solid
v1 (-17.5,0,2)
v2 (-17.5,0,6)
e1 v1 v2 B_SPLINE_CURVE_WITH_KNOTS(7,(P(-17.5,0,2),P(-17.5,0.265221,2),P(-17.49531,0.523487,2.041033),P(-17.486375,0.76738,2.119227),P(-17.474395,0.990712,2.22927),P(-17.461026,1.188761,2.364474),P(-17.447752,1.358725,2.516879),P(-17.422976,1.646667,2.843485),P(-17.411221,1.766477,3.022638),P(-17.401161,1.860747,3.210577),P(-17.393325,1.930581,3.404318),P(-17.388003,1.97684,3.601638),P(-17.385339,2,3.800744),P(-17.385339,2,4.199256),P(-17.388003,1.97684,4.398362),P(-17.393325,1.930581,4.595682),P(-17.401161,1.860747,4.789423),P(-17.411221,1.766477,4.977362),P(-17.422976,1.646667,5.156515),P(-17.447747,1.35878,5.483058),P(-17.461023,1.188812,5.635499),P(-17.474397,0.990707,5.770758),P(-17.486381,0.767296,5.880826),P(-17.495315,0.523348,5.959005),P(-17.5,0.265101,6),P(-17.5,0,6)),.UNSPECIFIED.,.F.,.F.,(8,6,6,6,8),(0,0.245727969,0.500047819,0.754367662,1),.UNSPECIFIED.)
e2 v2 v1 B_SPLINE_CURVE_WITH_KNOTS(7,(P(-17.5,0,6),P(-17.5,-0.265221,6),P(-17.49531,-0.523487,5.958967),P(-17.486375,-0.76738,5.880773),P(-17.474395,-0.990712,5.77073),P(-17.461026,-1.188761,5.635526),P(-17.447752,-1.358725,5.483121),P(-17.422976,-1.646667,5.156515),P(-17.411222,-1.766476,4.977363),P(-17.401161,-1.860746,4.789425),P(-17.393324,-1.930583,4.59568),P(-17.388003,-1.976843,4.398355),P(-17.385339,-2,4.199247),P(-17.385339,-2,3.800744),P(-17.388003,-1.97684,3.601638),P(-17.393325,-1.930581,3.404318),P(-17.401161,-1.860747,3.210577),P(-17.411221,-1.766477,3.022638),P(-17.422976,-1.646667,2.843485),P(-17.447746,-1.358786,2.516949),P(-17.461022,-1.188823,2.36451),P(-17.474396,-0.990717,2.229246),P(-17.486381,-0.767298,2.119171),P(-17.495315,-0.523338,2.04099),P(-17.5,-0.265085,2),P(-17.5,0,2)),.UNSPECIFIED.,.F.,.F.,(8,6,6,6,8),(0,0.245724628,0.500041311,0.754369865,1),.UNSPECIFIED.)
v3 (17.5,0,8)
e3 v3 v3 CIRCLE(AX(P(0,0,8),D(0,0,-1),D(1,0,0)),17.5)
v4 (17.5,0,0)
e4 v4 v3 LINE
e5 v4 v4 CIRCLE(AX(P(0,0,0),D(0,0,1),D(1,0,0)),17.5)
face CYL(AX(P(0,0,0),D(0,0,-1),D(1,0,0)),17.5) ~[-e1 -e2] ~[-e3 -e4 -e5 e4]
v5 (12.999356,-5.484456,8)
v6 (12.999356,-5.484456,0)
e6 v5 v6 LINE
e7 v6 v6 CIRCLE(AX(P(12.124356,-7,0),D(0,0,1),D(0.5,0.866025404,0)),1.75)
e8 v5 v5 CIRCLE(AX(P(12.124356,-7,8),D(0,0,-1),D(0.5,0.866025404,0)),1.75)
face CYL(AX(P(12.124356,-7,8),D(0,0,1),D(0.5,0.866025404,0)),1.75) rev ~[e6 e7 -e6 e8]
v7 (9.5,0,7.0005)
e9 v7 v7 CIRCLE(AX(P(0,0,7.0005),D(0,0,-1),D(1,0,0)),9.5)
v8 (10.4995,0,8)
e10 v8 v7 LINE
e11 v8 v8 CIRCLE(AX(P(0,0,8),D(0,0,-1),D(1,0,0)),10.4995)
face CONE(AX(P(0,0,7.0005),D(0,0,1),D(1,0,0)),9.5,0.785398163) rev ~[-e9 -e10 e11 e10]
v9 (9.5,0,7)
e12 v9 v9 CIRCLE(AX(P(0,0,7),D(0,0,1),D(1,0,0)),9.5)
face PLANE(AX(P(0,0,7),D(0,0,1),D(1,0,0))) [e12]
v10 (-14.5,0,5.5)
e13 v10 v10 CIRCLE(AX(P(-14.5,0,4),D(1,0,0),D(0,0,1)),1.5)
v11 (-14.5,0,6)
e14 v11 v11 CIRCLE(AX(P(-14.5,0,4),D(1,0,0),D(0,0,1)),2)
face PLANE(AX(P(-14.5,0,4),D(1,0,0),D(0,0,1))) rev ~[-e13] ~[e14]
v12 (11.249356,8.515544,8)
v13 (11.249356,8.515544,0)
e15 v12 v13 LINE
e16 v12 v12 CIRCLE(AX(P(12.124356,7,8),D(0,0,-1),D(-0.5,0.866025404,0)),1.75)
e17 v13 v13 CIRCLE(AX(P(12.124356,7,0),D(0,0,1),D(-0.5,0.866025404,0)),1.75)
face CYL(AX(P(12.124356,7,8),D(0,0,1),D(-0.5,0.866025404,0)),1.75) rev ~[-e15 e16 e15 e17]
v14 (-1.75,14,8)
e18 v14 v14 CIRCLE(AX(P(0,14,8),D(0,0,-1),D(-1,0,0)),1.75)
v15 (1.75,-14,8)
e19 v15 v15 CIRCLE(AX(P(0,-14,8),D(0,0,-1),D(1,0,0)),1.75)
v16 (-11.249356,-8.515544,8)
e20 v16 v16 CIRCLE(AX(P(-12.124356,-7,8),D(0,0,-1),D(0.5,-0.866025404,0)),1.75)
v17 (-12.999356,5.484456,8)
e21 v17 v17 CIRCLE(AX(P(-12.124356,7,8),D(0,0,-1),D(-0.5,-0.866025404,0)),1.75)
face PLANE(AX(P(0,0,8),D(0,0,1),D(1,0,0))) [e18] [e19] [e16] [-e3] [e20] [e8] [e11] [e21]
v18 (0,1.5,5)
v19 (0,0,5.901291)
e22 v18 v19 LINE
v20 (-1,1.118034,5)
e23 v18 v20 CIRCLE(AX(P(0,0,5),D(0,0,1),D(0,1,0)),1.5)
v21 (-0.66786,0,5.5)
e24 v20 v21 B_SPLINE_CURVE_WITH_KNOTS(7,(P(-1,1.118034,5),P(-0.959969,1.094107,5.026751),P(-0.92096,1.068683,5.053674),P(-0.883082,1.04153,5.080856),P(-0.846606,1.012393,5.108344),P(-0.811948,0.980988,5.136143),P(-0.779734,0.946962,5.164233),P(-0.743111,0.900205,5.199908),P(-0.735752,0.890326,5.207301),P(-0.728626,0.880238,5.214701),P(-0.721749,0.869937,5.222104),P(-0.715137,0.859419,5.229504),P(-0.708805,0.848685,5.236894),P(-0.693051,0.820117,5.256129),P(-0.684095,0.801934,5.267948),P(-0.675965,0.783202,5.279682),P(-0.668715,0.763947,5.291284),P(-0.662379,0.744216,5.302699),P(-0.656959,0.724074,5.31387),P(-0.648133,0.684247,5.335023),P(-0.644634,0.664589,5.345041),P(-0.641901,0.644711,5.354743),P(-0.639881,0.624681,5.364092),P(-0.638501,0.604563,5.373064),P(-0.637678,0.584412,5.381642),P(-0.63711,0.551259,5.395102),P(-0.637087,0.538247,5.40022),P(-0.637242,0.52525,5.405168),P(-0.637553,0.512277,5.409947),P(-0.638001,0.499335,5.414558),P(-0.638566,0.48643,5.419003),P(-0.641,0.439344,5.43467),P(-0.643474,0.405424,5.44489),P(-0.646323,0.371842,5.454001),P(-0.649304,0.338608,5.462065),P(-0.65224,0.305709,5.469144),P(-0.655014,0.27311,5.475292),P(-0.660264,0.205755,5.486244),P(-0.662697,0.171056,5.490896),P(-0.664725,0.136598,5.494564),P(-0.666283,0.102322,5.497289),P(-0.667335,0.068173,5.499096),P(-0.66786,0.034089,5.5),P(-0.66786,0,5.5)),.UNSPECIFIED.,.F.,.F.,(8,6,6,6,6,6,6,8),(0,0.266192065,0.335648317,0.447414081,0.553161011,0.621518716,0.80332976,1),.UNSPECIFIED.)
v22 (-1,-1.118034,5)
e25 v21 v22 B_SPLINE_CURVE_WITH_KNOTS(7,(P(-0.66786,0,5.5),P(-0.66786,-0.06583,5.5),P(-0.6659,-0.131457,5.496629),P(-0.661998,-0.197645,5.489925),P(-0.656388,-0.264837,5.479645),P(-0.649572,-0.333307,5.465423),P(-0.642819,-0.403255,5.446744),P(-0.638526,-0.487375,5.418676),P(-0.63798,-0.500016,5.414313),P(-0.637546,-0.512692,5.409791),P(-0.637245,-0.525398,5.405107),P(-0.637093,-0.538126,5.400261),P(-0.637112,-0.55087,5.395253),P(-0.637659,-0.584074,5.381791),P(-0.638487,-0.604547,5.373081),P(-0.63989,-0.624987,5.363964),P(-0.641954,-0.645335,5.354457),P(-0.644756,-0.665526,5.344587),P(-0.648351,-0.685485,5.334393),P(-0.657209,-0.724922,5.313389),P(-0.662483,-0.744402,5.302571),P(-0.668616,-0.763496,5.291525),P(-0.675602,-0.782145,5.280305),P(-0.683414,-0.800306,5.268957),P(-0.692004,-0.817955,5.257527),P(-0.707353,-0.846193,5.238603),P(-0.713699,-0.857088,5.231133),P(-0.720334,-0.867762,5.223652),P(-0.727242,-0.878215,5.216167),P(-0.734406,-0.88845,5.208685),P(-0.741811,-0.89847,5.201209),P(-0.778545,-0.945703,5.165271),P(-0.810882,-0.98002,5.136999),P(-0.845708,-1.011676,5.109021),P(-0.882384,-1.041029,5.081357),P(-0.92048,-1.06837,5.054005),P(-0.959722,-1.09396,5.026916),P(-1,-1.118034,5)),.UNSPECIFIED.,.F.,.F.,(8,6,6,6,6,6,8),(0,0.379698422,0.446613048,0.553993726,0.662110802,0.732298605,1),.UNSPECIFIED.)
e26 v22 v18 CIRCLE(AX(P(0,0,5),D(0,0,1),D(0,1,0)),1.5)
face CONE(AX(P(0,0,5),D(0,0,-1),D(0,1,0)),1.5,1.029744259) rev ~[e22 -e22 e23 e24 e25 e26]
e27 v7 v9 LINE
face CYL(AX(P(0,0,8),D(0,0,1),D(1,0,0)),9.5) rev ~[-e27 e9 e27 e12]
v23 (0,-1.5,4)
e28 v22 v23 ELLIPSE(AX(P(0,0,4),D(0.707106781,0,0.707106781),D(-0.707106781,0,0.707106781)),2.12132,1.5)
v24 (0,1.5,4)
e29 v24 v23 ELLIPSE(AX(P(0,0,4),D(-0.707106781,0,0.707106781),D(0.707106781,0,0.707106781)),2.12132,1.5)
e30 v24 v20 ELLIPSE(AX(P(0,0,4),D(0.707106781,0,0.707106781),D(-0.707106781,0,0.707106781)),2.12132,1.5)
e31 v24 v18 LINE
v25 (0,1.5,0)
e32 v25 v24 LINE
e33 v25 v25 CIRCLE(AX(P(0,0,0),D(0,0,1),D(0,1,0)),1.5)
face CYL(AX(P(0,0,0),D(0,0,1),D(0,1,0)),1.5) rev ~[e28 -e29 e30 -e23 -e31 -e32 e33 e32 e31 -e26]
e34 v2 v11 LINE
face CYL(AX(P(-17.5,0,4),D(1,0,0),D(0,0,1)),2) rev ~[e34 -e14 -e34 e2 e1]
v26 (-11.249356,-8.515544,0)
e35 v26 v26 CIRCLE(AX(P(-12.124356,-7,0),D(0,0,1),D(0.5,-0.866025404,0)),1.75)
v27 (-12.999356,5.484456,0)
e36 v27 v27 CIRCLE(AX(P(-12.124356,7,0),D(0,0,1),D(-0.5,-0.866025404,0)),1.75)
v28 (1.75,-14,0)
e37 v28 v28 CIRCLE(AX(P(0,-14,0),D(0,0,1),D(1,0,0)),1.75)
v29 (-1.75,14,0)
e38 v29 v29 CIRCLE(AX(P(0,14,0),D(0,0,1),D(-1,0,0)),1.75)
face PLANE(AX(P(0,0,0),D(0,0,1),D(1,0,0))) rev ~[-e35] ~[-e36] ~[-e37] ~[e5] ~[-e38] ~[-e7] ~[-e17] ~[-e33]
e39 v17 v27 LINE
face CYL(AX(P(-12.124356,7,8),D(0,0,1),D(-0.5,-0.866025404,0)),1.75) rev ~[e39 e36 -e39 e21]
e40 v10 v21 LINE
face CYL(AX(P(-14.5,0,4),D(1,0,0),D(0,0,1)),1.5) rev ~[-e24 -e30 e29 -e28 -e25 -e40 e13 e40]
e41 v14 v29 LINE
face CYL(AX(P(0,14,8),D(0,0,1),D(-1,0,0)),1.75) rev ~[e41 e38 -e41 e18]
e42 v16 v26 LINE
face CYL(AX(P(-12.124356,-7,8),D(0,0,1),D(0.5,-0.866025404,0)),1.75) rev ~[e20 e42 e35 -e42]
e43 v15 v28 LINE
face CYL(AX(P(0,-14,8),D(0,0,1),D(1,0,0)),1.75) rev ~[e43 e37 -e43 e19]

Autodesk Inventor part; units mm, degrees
ref_plane "XZ Plane" through (0, 0, 0) normal (0, 1, 0) x (-1, 0, 0)
ref_plane "XY Plane" through (0, 0, 0) normal (0, 0, 1) x (1, 0, 0)
sketch "Skizze1" plane through (0, 0, 0) normal (0, 0, 1) x (1, 0, 0)
  circle A0 centre (0, 0) radius 17.5
  line L0 (-24.5, 0) -> (24.5, 0) projected
  line L1 (0, -24.5) -> (0, 24.5) projected
  dimension "d0" = 35
extrude "Extrusion1" add sketch "Skizze1" along normal blind 8
sketch "Skizze2" plane through (0, 0, 8) normal (0, 0, 1) x (1, 0, 0)
  line L0 (0, -24.5) -> (0, 24.5) projected
  line L1 (-24.5, 0) -> (24.5, 0) projected
  circle A0 centre (0, 0) radius 9.5
  dimension "d3" = 19
extrude "Extrusion2" cut sketch "Skizze2" against normal blind 1
chamfer "Fase1" distance 1 angle 45 1 edges at (-9.5, 0, 8)
sketch "Skizze3" plane through (0, 0, 8) normal (0, 0, 1) x (1, 0, 0)
  line L0 (0, -24.5) -> (0, 24.5) projected
  line L1 (-24.5, 0) -> (24.5, 0) projected
  circle A0 centre (0, -14) radius 1.75
  point P0 (0, 0)
  dimension "d11" = 3.5
  dimension "d12" = 14
extrude "Extrusion3" cut sketch "Skizze3" against normal up to surface (8 mm away)
pattern_circular "Runde Anordnung1" count 6 over 360 about axis through (0, 0, 7.5) along (0, 0, 1) of "Extrusion3"
sketch "Skizze4" plane through (0, 0, 0) normal (0, 0, -1) x (-1, 0, 0)
  point P0 (0, 0)
  point P1 (0, 0)
hole "Bohrung1" at (0, 0, 0) direction (0, 0, 1) diameter 3 depth 5 tip angle 118
ref_plane "Arbeitsebene3" through (-17.5, 0, 0) normal (1, 0, 0) x (0, 1, 0)
sketch "Skizze7" plane through (-17.5, 0, 0) normal (1, 0, 0) x (0, 1, 0)
  line L0 (-24.5, 0) -> (24.5, 0) projected
  line L1 (0, -1.6) -> (0, 9.6) projected
  point P0 (0, 0)
  point P1 (0, 4)
  dimension "d28" = 4
hole "Bohrung2" at (-17.5, 0, 4) direction (1, 0, 0) diameter 3 depth 17.5 tip angle 118 counterbore diameter 4 counterbore depth 3
properties part number "Flansch"
